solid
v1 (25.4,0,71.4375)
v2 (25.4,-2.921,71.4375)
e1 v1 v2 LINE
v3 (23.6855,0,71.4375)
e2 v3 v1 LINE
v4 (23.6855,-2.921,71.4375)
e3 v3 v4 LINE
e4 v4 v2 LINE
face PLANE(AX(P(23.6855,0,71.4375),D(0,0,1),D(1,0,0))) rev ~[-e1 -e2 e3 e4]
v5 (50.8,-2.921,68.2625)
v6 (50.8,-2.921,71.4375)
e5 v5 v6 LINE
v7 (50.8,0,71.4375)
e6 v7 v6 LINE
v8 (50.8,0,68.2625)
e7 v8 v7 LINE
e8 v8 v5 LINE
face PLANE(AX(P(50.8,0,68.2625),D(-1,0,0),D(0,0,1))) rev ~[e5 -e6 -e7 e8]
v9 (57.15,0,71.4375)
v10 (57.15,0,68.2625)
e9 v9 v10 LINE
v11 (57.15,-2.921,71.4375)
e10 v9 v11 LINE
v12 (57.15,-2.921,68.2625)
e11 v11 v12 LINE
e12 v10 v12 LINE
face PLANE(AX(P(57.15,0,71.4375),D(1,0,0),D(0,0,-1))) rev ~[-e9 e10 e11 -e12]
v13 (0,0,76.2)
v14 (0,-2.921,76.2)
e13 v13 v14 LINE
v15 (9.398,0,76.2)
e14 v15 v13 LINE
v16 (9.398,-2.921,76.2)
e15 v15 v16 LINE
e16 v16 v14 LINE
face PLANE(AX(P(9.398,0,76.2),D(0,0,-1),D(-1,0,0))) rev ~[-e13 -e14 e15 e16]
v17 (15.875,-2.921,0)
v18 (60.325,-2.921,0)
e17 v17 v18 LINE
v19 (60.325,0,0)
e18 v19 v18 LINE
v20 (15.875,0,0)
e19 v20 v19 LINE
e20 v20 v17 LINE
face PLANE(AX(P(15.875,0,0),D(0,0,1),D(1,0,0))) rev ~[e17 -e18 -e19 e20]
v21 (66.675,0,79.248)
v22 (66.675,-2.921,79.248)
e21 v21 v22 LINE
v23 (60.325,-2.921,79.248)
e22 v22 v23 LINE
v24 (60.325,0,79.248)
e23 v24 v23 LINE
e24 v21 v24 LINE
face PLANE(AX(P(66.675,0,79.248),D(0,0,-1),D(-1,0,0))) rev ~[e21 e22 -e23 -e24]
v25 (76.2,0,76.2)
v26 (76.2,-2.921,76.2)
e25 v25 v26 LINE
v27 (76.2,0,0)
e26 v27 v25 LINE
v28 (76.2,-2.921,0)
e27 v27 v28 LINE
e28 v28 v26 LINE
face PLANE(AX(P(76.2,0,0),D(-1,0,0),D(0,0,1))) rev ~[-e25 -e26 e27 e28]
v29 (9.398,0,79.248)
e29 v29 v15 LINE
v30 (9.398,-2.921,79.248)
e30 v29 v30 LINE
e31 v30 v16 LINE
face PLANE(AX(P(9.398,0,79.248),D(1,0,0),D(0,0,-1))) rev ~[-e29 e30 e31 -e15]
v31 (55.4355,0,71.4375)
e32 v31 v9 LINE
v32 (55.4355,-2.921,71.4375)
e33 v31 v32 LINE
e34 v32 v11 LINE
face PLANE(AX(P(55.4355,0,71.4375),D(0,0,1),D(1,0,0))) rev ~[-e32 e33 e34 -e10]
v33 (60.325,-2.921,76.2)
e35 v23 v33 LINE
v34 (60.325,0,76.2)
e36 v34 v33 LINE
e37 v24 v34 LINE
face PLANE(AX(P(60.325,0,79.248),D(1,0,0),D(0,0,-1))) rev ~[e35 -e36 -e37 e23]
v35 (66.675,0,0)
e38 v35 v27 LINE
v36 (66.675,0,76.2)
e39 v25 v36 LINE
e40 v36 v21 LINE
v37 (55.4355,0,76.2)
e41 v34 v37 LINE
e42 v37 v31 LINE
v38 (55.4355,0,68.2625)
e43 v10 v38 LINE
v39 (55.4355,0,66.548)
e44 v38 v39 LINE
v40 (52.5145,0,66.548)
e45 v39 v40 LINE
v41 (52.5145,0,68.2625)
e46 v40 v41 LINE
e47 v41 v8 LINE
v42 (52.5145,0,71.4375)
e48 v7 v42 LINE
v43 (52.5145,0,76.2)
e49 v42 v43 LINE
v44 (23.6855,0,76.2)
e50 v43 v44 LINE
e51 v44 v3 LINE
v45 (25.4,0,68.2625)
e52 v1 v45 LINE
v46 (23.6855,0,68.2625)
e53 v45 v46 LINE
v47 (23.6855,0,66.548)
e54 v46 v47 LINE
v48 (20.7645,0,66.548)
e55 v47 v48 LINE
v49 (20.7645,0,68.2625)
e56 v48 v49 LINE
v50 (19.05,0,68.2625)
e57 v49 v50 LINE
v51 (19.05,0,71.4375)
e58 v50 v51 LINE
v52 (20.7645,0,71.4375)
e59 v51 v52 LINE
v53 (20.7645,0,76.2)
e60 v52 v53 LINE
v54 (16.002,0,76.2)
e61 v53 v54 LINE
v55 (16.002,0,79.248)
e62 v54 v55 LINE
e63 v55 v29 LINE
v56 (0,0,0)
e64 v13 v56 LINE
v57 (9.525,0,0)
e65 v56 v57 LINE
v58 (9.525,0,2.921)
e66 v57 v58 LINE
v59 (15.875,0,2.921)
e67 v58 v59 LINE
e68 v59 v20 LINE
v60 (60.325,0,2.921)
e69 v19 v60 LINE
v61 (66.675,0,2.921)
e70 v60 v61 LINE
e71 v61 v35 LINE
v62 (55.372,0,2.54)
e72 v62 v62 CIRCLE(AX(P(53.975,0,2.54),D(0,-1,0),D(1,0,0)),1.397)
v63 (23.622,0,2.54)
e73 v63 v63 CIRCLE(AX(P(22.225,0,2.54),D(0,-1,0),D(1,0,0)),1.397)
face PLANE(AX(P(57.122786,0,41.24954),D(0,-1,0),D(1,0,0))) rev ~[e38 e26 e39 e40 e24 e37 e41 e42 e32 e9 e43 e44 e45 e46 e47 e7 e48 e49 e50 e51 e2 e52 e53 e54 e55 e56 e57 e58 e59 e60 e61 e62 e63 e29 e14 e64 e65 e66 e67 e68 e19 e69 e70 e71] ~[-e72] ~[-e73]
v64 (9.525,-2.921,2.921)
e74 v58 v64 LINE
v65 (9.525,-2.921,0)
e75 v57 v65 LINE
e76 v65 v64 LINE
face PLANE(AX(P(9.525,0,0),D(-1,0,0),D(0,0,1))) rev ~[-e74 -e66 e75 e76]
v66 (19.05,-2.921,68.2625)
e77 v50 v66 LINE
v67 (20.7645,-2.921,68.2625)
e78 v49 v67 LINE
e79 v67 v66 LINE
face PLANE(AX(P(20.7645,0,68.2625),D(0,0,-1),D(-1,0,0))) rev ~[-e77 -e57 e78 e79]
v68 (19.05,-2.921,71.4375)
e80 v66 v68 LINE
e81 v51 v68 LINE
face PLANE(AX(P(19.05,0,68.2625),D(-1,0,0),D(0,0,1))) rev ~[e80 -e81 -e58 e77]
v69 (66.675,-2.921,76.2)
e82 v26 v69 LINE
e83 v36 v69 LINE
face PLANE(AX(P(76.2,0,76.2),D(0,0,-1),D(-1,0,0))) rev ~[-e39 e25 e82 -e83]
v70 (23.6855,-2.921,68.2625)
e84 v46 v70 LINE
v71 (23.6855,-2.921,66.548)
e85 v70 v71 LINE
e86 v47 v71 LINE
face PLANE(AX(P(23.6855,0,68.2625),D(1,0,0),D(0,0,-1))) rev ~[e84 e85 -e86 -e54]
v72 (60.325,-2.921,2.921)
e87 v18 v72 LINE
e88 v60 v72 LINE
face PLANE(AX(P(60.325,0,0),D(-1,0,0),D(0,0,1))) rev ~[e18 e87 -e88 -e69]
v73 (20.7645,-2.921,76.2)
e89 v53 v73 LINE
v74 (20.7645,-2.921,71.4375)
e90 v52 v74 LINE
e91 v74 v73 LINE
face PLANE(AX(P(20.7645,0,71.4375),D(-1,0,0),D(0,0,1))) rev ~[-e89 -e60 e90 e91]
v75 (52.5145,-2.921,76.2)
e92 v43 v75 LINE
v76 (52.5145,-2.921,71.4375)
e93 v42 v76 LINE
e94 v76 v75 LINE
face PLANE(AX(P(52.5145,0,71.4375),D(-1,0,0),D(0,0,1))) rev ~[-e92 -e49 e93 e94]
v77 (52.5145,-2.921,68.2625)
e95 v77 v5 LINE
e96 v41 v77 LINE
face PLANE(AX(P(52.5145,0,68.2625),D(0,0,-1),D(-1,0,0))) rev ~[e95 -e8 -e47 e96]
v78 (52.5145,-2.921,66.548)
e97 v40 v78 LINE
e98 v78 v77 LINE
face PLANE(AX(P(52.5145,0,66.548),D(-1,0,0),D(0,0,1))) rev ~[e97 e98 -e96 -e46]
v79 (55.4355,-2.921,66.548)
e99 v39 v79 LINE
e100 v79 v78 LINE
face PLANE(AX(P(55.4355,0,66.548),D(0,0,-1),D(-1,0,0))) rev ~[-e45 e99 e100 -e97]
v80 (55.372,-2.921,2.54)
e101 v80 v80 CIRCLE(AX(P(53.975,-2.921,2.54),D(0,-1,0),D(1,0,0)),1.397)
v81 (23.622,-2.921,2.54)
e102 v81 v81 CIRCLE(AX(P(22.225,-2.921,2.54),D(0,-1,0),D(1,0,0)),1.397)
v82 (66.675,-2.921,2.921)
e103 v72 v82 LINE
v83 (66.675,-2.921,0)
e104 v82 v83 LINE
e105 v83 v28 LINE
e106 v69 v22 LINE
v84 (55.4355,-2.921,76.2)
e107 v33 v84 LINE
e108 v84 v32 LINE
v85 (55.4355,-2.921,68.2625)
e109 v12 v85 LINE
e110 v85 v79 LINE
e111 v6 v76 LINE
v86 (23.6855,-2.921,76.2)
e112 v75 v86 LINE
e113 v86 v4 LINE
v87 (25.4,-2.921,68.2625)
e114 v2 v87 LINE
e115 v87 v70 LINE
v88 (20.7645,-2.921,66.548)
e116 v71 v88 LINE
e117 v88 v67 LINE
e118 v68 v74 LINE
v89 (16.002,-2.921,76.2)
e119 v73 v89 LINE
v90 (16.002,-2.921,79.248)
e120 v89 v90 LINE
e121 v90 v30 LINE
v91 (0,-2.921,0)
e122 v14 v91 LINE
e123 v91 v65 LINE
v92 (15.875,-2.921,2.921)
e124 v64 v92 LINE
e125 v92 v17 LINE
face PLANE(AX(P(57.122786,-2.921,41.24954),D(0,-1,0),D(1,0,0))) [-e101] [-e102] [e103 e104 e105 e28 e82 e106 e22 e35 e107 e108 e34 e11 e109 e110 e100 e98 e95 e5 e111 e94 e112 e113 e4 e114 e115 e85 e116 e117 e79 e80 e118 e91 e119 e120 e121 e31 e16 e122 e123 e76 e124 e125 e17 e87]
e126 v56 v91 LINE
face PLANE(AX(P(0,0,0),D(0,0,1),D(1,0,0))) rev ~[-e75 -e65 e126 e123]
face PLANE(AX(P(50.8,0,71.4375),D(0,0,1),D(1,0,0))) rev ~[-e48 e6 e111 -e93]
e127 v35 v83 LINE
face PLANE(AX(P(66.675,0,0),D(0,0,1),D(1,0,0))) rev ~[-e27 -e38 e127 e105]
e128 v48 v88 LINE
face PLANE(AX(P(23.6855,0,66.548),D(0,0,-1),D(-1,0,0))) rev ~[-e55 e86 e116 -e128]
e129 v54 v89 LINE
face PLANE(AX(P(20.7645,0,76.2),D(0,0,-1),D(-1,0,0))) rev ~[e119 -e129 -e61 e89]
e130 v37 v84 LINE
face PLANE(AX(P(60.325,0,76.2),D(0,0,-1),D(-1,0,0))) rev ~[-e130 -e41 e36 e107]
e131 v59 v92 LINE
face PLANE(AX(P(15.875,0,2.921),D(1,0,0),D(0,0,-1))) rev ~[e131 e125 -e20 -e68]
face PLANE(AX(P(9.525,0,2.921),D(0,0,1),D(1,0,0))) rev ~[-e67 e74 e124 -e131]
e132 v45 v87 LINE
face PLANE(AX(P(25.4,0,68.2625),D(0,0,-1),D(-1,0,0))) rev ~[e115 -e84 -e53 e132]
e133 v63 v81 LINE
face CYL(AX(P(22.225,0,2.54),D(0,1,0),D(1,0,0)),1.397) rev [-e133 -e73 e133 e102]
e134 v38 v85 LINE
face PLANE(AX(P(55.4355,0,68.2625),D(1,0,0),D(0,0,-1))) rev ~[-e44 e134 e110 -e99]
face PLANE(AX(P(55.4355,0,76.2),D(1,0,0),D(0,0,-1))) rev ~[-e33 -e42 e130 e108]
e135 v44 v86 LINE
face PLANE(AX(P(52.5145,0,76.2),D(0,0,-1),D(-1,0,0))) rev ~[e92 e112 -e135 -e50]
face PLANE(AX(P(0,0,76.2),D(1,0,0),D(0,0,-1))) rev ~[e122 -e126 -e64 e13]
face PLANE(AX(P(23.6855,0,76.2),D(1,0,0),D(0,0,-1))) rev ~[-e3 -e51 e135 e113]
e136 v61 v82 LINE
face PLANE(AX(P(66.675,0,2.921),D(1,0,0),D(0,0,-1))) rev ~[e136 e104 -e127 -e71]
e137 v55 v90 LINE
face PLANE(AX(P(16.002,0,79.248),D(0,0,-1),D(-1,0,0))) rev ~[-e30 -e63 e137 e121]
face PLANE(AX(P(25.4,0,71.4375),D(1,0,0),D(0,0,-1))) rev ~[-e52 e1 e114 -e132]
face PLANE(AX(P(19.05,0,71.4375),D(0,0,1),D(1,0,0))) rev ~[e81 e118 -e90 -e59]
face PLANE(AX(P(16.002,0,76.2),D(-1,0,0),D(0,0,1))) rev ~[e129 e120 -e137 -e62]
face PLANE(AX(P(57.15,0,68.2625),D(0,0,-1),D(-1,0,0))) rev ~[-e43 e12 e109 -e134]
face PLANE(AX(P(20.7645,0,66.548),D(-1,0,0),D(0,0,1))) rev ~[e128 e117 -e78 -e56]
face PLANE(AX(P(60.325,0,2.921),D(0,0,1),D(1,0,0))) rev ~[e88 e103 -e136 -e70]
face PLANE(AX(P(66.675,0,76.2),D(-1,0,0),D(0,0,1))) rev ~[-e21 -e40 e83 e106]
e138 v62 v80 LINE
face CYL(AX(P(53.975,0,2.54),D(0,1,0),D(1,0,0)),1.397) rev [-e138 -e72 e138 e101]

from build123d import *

# Parameters (mm, degrees)
F0_R     = 1.397
F1_DEPTH = 2.921


with BuildPart() as f1:
    # F0 (on Front) → F1 (new body)
    with BuildSketch(Plane.XZ):
        Polygon((38.1, 76.2), (38.1, 0), (60.325, 0), (60.325, 2.921), (66.675, 2.921), (66.675, 0), (76.2, 0), (76.2, 76.2), (66.675, 76.2), (66.675, 73.152), (60.325, 73.152), (60.325, 76.2), (55.4355, 76.2), (55.4355, 71.4375), (57.15, 71.4375), (57.15, 68.2625), (55.4355, 68.2625), (55.4355, 66.548), (53.975, 66.548), (52.5145, 66.548), (52.5145, 68.2625), (50.8, 68.2625), (50.8, 71.4375), (52.5145, 71.4375), (52.5145, 76.2), align=None)
        with Locations((53.975, 2.54)):
            Circle(F0_R, mode=Mode.SUBTRACT)
        Polygon((0, 76.2), (0, 0), (9.525, 0), (9.525, 2.921), (15.875, 2.921), (15.875, 0), (38.1, 0), (38.1, 76.2), (23.6855, 76.2), (23.6855, 71.4375), (25.4, 71.4375), (25.4, 68.2625), (23.6855, 68.2625), (23.6855, 66.548), (22.225, 66.548), (20.7645, 66.548), (20.7645, 68.2625), (19.05, 68.2625), (19.05, 71.4375), (20.7645, 71.4375), (20.7645, 76.2), (16.002, 76.2), (16.002, 73.152), (9.398, 73.152), (9.398, 76.2), align=None)
        with Locations((22.225, 2.54)):
            Circle(F0_R, mode=Mode.SUBTRACT)
        Polygon((63.5, 76.2), (60.325, 76.2), (60.325, 73.152), (66.675, 73.152), (66.675, 76.2), align=None)
        Polygon((60.325, 79.248), (60.325, 76.2), (63.5, 76.2), (66.675, 76.2), (66.675, 79.248), align=None)
        Polygon((12.7, 76.2), (9.398, 76.2), (9.398, 73.152), (16.002, 73.152), (16.002, 76.2), align=None)
        Polygon((9.398, 79.248), (9.398, 76.2), (12.7, 76.2), (16.002, 76.2), (16.002, 79.248), align=None)
    extrude(amount=F1_DEPTH)


solid = f1.part
